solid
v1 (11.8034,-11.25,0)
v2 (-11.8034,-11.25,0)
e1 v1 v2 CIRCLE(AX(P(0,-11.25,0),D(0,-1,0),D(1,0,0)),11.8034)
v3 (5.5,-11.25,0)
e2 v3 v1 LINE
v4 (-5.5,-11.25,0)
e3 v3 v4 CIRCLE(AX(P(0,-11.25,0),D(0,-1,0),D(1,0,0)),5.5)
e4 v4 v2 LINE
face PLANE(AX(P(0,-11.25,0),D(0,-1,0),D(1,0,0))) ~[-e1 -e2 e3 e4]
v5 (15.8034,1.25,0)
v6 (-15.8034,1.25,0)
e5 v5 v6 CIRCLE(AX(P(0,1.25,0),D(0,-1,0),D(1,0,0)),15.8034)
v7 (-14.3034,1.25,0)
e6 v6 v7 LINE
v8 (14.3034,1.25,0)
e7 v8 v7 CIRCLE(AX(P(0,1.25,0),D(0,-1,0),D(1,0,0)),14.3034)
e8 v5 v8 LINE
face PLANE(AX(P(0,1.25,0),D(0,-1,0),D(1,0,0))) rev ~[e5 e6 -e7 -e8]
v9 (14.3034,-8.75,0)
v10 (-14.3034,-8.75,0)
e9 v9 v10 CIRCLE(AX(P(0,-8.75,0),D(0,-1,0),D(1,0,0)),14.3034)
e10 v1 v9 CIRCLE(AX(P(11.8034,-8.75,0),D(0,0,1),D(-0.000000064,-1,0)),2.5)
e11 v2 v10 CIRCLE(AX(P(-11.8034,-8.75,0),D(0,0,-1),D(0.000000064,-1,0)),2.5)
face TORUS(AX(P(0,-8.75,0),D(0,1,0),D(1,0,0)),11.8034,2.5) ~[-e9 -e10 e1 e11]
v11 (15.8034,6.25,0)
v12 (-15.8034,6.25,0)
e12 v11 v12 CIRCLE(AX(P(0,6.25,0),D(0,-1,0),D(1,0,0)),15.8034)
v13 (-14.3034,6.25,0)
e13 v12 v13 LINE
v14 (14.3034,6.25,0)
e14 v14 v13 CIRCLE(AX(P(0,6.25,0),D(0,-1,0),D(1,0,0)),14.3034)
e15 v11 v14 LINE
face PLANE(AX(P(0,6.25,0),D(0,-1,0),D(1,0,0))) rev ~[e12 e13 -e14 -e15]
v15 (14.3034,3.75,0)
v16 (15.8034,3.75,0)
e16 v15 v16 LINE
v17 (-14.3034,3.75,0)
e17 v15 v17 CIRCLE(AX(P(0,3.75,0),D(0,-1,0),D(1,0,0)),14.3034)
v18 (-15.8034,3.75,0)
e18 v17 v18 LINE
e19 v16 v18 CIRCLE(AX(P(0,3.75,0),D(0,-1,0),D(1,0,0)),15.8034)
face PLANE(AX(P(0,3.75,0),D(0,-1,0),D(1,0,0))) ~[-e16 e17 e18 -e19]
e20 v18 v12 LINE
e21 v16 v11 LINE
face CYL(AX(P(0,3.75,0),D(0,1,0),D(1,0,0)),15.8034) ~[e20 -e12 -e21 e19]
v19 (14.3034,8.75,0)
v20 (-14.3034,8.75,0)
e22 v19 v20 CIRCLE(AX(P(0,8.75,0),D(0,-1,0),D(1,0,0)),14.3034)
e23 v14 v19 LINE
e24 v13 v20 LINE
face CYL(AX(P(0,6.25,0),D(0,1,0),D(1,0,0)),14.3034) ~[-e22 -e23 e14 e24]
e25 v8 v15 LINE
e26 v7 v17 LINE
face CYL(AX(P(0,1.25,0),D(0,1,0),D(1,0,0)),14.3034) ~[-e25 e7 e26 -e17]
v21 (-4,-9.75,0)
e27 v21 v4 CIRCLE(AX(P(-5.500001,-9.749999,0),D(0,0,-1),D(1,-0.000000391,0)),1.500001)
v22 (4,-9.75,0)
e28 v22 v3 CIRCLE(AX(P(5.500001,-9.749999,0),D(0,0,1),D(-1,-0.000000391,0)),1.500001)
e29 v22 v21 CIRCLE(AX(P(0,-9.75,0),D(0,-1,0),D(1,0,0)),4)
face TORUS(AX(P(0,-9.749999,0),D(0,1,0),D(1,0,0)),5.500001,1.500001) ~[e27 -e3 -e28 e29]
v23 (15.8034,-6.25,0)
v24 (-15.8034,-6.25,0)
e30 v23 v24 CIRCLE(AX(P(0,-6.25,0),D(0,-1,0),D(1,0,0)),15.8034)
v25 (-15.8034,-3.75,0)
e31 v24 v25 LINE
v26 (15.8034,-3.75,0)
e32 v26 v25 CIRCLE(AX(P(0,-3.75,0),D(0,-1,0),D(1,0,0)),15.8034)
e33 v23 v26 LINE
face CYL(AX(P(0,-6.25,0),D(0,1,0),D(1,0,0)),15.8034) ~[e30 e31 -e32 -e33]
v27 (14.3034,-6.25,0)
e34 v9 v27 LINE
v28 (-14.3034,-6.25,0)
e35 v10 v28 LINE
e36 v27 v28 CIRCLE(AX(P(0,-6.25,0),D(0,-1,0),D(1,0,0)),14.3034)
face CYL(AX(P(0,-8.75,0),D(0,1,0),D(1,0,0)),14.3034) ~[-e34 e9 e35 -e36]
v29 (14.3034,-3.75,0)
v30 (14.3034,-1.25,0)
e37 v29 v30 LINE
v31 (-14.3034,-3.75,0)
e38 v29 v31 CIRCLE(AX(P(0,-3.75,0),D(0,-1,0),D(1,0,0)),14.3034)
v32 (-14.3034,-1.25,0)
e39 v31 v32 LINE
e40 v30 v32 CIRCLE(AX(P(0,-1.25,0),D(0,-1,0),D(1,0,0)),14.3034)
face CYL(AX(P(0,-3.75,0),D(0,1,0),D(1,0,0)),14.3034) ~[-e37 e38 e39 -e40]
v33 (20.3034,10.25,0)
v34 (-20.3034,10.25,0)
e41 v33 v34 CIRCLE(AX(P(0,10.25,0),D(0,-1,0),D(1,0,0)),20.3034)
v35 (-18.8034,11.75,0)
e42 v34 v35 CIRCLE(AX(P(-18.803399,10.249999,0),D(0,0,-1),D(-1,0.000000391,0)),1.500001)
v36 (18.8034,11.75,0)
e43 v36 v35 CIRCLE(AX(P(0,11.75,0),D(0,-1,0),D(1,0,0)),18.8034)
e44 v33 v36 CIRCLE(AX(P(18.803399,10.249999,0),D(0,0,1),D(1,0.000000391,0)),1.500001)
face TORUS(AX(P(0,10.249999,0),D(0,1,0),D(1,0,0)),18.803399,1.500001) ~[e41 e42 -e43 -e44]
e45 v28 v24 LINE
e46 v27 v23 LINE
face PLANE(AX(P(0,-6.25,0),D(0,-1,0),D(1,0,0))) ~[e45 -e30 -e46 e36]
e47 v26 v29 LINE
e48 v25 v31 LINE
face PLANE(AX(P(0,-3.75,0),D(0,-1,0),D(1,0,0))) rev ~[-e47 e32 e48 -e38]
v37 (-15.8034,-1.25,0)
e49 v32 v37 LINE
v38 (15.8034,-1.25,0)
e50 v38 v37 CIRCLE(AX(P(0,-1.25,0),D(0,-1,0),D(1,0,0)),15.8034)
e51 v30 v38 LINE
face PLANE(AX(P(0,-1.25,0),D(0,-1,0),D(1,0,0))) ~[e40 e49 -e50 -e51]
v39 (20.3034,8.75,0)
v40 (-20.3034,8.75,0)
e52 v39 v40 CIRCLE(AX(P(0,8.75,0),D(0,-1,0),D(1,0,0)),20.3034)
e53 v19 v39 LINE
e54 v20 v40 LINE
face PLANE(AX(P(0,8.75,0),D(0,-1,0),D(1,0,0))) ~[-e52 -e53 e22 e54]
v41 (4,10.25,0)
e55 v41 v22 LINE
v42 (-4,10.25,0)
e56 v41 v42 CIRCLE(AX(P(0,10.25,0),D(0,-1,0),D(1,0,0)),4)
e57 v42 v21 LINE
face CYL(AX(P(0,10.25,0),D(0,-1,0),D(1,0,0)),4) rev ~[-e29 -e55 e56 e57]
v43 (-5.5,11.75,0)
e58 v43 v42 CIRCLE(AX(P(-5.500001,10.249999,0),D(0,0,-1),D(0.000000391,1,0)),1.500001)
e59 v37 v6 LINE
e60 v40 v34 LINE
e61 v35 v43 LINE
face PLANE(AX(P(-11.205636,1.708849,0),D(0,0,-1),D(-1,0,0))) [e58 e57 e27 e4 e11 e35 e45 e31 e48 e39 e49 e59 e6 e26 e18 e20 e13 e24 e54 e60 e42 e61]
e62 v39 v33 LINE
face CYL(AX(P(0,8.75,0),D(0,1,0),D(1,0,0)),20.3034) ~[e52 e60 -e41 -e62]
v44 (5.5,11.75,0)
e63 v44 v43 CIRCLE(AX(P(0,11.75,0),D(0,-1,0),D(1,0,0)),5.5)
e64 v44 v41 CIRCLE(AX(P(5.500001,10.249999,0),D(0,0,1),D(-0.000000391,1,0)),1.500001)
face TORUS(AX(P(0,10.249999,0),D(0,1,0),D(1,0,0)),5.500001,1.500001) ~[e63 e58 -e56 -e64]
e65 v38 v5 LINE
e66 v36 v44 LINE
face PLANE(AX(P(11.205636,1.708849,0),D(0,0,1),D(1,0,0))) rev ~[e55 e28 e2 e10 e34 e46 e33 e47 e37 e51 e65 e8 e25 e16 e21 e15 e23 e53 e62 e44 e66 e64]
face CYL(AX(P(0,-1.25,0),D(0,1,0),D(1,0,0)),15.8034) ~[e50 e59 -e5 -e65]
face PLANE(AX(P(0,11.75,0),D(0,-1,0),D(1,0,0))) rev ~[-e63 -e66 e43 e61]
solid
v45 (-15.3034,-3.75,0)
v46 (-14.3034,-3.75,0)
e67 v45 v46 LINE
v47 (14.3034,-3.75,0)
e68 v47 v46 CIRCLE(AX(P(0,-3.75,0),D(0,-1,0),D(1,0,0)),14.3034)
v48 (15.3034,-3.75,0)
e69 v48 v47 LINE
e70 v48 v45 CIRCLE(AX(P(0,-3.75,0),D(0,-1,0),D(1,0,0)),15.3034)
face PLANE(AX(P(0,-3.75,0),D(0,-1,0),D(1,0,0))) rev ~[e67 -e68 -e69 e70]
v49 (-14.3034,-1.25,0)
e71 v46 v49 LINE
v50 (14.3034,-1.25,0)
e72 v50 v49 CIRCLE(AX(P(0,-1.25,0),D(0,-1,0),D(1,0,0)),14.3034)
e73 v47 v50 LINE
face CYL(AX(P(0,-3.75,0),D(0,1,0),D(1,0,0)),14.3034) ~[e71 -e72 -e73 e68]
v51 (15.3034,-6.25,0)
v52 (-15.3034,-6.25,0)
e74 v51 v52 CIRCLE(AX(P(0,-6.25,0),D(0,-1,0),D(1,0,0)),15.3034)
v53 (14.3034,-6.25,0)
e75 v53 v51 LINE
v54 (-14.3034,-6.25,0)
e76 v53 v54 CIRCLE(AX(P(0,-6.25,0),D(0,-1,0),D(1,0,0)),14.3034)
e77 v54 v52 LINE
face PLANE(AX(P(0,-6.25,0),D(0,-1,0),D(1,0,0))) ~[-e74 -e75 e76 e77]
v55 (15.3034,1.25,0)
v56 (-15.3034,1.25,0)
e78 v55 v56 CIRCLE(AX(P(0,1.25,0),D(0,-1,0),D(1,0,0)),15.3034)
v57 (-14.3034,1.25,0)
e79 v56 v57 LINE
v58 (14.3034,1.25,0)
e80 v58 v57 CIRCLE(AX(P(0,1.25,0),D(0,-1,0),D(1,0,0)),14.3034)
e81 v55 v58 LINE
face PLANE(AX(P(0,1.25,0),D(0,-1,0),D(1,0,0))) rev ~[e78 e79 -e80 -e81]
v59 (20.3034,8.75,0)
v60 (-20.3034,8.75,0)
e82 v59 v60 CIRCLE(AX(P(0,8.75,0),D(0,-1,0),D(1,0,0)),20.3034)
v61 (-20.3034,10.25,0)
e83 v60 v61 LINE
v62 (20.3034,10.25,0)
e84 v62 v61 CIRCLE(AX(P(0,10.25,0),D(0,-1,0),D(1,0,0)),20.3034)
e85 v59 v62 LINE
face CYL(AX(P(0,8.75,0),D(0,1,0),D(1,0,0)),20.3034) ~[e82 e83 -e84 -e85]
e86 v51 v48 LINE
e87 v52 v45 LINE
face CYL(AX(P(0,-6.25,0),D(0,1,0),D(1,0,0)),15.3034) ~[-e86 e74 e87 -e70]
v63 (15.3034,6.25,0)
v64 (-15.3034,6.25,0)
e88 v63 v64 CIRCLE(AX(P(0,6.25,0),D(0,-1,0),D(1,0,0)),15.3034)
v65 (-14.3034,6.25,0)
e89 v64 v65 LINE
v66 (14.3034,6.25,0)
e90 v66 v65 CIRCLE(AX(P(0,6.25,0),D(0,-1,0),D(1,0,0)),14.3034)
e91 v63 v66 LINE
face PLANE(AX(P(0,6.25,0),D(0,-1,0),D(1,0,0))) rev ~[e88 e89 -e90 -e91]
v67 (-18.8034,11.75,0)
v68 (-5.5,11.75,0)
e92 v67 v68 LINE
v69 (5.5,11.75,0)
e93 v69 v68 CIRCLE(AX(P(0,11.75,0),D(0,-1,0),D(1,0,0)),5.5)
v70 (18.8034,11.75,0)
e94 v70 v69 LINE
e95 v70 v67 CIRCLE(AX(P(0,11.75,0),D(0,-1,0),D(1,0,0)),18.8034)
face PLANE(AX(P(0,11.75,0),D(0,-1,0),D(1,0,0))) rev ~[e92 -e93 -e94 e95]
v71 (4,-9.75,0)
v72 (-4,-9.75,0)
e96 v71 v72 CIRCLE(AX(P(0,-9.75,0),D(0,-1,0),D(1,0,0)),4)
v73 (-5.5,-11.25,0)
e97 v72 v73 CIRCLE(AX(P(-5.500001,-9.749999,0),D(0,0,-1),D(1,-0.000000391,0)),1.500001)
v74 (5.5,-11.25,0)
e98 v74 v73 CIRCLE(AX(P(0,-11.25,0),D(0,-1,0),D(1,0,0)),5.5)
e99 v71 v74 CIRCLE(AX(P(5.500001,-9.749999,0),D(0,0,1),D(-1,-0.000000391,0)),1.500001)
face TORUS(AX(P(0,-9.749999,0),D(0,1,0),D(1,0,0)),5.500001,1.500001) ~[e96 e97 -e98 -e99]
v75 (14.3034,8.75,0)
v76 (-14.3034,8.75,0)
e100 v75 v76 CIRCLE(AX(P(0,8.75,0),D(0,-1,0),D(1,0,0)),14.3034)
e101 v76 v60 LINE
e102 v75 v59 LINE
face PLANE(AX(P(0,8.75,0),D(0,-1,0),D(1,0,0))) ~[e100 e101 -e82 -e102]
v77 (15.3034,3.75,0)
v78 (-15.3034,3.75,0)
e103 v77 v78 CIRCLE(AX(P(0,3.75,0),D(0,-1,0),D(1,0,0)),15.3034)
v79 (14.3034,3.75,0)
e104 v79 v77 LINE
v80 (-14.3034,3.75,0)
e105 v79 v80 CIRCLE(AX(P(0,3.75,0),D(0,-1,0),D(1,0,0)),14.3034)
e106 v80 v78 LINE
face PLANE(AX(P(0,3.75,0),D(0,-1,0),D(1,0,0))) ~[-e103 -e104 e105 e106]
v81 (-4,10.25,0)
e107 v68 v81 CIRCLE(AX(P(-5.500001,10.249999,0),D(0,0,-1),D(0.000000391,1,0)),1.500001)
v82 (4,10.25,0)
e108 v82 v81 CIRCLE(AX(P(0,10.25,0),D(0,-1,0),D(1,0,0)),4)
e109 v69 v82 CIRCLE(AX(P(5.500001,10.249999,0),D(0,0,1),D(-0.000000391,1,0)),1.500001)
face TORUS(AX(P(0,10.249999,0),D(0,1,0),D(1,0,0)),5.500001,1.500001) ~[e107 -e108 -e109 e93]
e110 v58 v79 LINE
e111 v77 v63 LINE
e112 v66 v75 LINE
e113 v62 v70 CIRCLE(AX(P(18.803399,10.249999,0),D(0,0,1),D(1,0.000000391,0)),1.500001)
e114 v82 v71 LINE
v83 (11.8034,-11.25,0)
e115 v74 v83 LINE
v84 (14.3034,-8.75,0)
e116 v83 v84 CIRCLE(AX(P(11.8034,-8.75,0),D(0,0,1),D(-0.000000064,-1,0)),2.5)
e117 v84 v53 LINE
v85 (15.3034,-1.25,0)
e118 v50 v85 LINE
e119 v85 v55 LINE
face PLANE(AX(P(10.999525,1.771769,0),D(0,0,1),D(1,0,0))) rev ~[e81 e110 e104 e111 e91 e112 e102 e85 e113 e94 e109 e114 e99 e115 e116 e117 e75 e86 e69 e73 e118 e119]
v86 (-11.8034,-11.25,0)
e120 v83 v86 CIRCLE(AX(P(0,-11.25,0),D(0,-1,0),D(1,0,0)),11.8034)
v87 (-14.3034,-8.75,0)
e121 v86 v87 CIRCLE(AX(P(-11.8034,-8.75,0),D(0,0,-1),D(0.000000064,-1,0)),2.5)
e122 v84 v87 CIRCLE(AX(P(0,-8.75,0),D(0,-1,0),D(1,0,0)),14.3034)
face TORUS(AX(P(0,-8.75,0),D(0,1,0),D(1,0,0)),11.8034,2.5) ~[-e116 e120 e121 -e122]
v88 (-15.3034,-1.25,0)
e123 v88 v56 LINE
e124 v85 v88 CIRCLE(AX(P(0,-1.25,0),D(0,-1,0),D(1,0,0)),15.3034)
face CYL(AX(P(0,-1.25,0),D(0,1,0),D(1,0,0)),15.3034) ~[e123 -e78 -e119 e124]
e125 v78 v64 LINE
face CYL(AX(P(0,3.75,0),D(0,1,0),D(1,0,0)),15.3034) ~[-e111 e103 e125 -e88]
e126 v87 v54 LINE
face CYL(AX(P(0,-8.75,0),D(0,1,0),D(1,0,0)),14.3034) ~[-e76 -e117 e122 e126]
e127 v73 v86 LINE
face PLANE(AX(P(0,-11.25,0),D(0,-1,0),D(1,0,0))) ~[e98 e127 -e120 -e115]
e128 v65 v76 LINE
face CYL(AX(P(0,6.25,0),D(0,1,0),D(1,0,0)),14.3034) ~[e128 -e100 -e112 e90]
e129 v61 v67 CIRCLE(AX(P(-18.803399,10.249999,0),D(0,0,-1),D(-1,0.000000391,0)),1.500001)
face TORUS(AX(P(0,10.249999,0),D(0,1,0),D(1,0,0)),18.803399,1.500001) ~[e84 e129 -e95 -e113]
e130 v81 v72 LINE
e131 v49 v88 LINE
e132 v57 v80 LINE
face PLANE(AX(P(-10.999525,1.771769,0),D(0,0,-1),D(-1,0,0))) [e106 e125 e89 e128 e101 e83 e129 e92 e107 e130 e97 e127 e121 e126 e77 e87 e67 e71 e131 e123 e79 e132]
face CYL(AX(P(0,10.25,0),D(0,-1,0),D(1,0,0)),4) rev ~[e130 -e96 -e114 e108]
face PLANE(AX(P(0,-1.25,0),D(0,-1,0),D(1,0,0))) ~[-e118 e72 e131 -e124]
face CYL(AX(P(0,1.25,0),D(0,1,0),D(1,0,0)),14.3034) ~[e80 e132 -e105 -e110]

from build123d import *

# Parameters (mm, degrees)
REVOLUTION_ANGLE    = -180
REVOLUTION001_ANGLE = -180


with BuildPart() as half_cable_stopper:
    # Sketch → Revolution (revolve)
    with BuildSketch(Plane.XY):
        with BuildLine():
            Line((4, 10.25), (4, -9.75))
            ThreePointArc((4, -9.75), (4.43934, -10.81066), (5.5, -11.25))
            Line((5.5, -11.25), (11.8034, -11.25))
            ThreePointArc((11.8034, -11.25), (13.571167, -10.517767), (14.3034, -8.75))
            Line((14.3034, -8.75), (14.3034, -6.25))
            Line((14.3034, -6.25), (15.3034, -6.25))
            Line((15.3034, -6.25), (15.3034, -3.75))
            Line((15.3034, -3.75), (14.3034, -3.75))
            Line((14.3034, -3.75), (14.3034, -1.25))
            Line((14.3034, -1.25), (15.3034, -1.25))
            Line((15.3034, -1.25), (15.3034, 1.25))
            Line((15.3034, 1.25), (14.3034, 1.25))
            Line((14.3034, 1.25), (14.3034, 3.75))
            Line((14.3034, 3.75), (15.3034, 3.75))
            Line((15.3034, 3.75), (15.3034, 6.25))
            Line((15.3034, 6.25), (14.3034, 6.25))
            Line((14.3034, 6.25), (14.3034, 8.75))
            Line((14.3034, 8.75), (20.3034, 8.75))
            Line((20.3034, 8.75), (20.3034, 10.25))
            ThreePointArc((20.3034, 10.25), (19.86406, 11.31066), (18.8034, 11.75))
            Line((18.8034, 11.75), (5.5, 11.75))
            ThreePointArc((5.5, 11.75), (4.43934, 11.31066), (4, 10.25))
        make_face()
    revolve(axis=Axis((0, 0, 0), (0, 1, 0)), revolution_arc=REVOLUTION_ANGLE)


with BuildPart() as half_cable_stopper_wide:
    # Sketch001 → Revolution001 (revolve)
    with BuildSketch(Plane.XY):
        with BuildLine():
            Line((4, 10.25), (4, -9.75))
            ThreePointArc((4, -9.75), (4.43934, -10.81066), (5.5, -11.25))
            Line((5.5, -11.25), (11.8034, -11.25))
            ThreePointArc((11.8034, -11.25), (13.571167, -10.517767), (14.3034, -8.75))
            Line((14.3034, -8.75), (14.3034, -6.25))
            Line((14.3034, -6.25), (15.8034, -6.25))
            Line((15.8034, -6.25), (15.8034, -3.75))
            Line((15.8034, -3.75), (14.3034, -3.75))
            Line((14.3034, -3.75), (14.3034, -1.25))
            Line((14.3034, -1.25), (15.8034, -1.25))
            Line((15.8034, -1.25), (15.8034, 1.25))
            Line((15.8034, 1.25), (14.3034, 1.25))
            Line((14.3034, 1.25), (14.3034, 3.75))
            Line((14.3034, 3.75), (15.8034, 3.75))
            Line((15.8034, 3.75), (15.8034, 6.25))
            Line((15.8034, 6.25), (14.3034, 6.25))
            Line((14.3034, 6.25), (14.3034, 8.75))
            Line((14.3034, 8.75), (20.3034, 8.75))
            Line((20.3034, 8.75), (20.3034, 10.25))
            ThreePointArc((20.3034, 10.25), (19.86406, 11.31066), (18.8034, 11.75))
            Line((18.8034, 11.75), (5.5, 11.75))
            ThreePointArc((5.5, 11.75), (4.43934, 11.31066), (4, 10.25))
        make_face()
    revolve(axis=Axis((0, 0, 0), (0, 1, 0)), revolution_arc=REVOLUTION001_ANGLE)


solid = Compound([half_cable_stopper.part, half_cable_stopper_wide.part])
